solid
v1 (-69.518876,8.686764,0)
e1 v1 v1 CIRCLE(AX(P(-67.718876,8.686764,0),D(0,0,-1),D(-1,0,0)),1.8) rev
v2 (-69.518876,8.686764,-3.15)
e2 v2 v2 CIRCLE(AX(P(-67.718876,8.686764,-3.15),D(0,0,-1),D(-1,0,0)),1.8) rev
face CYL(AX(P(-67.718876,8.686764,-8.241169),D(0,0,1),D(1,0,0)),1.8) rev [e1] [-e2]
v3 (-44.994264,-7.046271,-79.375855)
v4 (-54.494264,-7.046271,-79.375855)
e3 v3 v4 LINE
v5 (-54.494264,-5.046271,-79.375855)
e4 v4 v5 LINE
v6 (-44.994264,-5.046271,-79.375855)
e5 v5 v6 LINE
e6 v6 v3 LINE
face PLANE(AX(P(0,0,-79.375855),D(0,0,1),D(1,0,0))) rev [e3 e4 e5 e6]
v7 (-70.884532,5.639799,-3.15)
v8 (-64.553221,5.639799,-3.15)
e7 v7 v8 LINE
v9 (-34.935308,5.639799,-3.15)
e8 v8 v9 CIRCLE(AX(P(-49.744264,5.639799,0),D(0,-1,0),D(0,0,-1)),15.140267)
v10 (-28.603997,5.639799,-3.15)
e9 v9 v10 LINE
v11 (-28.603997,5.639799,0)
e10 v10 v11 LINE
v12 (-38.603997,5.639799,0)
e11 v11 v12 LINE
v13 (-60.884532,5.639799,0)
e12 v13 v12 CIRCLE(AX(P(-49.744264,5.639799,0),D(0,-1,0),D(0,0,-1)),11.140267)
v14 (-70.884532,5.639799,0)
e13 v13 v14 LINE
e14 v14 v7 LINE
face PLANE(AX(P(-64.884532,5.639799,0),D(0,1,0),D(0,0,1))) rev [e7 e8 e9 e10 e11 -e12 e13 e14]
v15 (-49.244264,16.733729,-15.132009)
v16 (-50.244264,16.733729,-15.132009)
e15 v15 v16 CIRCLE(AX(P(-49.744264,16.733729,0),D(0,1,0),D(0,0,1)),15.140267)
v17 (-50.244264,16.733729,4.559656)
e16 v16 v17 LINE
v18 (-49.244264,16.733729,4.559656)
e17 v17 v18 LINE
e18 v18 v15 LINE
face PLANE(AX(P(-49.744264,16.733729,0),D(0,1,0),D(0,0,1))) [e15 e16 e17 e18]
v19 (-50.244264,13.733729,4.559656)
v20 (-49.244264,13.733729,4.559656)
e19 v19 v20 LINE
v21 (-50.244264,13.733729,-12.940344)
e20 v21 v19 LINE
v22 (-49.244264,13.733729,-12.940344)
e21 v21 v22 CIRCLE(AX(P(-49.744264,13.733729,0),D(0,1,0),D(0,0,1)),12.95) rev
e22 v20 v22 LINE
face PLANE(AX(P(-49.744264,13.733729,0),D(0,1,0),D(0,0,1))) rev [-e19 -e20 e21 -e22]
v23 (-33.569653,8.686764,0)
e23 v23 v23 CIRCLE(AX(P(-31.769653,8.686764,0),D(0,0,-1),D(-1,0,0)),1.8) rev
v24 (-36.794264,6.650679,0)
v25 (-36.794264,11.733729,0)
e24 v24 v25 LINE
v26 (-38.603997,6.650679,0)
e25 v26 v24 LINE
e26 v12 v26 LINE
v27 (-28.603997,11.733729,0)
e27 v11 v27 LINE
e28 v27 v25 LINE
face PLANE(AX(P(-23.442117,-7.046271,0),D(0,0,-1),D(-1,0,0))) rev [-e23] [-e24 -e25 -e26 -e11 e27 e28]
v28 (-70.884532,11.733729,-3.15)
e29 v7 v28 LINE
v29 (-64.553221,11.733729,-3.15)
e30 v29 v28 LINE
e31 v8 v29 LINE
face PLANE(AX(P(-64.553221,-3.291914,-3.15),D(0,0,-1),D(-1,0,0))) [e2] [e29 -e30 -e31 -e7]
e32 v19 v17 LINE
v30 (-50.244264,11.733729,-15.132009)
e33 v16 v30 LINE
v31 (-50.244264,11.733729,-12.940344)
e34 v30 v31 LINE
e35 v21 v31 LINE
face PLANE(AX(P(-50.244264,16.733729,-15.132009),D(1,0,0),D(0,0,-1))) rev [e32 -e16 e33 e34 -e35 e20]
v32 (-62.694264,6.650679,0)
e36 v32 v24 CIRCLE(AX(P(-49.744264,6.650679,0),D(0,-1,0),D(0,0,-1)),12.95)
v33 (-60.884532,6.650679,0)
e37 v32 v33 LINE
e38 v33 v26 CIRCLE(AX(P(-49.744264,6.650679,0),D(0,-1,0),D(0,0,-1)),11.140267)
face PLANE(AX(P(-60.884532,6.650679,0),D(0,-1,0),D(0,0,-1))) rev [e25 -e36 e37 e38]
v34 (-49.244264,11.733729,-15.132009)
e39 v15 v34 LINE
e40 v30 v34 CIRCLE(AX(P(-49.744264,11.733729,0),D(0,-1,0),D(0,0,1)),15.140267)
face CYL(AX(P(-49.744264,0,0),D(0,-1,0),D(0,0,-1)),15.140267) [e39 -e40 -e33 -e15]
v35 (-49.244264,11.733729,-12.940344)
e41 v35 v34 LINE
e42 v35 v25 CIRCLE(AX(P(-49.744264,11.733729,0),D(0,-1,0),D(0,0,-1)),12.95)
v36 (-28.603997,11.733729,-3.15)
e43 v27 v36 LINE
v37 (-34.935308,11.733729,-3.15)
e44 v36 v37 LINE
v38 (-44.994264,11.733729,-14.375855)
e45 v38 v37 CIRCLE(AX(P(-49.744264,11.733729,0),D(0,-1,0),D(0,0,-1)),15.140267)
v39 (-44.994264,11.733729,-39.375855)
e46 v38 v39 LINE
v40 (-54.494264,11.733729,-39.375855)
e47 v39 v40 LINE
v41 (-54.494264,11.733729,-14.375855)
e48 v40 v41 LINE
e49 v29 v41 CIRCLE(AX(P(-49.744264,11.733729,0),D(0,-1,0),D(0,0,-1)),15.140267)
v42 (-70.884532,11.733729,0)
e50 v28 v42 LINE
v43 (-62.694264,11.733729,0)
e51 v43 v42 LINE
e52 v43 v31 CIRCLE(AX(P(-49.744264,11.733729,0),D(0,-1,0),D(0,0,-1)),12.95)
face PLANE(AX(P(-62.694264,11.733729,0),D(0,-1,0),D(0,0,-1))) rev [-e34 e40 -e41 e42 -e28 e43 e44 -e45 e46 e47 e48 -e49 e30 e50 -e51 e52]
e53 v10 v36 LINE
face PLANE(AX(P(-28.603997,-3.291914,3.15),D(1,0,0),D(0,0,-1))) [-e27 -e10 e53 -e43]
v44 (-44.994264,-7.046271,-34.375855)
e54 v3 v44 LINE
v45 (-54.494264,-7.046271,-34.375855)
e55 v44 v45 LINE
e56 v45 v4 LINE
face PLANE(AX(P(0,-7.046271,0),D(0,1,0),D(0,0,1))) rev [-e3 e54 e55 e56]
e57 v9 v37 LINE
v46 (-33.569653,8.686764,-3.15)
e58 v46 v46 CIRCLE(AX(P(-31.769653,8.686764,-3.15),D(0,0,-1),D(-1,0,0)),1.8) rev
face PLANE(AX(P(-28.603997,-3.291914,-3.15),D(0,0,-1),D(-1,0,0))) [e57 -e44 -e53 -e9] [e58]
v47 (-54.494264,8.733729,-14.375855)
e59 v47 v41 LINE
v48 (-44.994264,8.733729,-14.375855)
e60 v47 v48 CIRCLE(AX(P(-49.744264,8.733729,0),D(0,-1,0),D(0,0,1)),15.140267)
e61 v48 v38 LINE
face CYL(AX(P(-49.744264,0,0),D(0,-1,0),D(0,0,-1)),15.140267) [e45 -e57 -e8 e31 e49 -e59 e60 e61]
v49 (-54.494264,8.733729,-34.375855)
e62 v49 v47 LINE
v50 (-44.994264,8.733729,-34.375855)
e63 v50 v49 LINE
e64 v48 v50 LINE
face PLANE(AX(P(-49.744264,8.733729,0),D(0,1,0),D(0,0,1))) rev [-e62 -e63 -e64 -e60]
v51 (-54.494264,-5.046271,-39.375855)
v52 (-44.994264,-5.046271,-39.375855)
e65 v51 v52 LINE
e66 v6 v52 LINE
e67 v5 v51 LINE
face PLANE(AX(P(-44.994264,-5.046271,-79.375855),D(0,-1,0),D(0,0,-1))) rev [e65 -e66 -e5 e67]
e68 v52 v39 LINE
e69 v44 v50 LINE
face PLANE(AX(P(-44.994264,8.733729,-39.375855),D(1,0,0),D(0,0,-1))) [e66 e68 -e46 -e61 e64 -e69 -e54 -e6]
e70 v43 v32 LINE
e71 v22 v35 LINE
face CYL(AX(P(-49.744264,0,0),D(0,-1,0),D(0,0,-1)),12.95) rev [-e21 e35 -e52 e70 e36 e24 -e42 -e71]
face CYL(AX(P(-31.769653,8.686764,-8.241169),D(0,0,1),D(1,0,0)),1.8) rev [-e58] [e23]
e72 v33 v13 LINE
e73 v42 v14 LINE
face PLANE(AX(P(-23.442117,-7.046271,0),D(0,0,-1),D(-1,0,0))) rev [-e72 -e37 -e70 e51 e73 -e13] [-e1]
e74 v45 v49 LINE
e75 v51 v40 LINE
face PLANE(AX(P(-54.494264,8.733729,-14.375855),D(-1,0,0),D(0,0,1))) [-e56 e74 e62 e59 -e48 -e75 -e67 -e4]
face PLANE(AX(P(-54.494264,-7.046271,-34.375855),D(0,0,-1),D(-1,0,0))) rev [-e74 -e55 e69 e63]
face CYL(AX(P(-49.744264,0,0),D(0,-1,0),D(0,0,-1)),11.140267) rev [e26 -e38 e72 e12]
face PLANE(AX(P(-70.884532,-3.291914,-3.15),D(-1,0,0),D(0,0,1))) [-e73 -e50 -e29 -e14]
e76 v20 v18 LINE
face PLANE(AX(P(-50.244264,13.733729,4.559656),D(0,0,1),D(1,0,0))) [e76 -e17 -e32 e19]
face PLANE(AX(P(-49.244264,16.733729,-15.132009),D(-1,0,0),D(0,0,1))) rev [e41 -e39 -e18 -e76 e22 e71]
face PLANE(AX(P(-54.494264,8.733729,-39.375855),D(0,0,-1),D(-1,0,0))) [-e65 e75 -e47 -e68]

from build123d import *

# Parameters (mm, degrees)
BOSS_EXTRUDE1_DEPTH = 5
BOSS_EXTRUDE2_DEPTH = 3
BOSS_EXTRUDE3_DEPTH = 3
SKETCH10_W          = 9.5
SKETCH10_H          = 5
BOSS_EXTRUDE4_DEPTH = 15.78
SKETCH11_W          = 9.5
SKETCH11_H          = 2
BOSS_EXTRUDE5_DEPTH = 40
BOSS_EXTRUDE6_DEPTH = 6.09393
SKETCH14_R          = 1.8
CUT_EXTRUDE1_DEPTH  = 6.3
SKETCH15_W          = 51.153217575
SKETCH15_H          = 31.902182189
CUT_EXTRUDE3_DEPTH  = 19.78


with BuildPart() as part:
    # Sketch3 → Revolve1 (revolve)
    with BuildSketch(Plane.XY):
        Polygon((-62.694264441, 10.250679103), (-62.694264441, 11.733728816), (-64.884531744, 11.733728816), (-64.884531744, 5.639799249), (-60.884531744, 5.639799249), (-60.884531744, 6.650679103), (-62.694264441, 6.650679103), align=None)
    revolve(axis=Axis((-49.744264441, 0, 0), (0, 1, 0)))

    # Sketch7 → Boss-Extrude1 (add)
    with BuildSketch(Plane(origin=(0, 11.733728816, 0), x_dir=(1, 0, 0), z_dir=(0, 1, 0))):
        with BuildLine():
            Line((-50.244264441, 15.132008921), (-50.244264441, 12.94034389))
            ThreePointArc((-50.244264441, 12.94034389), (-49.744264441, 12.95), (-49.244264441, 12.94034389))
            Line((-49.244264441, 12.94034389), (-49.244264441, 15.132008921))
            ThreePointArc((-49.244264441, 15.132008921), (-49.744264441, 15.140267302), (-50.244264441, 15.132008921))
        make_face()
    extrude(amount=BOSS_EXTRUDE1_DEPTH)

    # Sketch8 → Boss-Extrude2 (add)
    with BuildSketch(Plane(origin=(0, 16.733728816, 0), x_dir=(1, 0, 0), z_dir=(0, 1, 0))):
        with BuildLine():
            Line((-50.244264441, 15.132008921), (-50.244264441, 12.94034389))
            Line((-50.244264441, 12.94034389), (-50.244264441, -4.55965611))
            Line((-50.244264441, -4.55965611), (-49.244264441, -4.55965611))
            Line((-49.244264441, -4.55965611), (-49.244264441, 12.94034389))
            Line((-49.244264441, 12.94034389), (-49.244264441, 15.132008921))
            ThreePointArc((-49.244264441, 15.132008921), (-49.744264441, 15.140267302), (-50.244264441, 15.132008921))
        make_face()
    extrude(amount=-BOSS_EXTRUDE2_DEPTH)

    # Sketch9 → Boss-Extrude3 (add)
    with BuildSketch(Plane(origin=(0, 11.733728816, 0), x_dir=(1, 0, 0), z_dir=(0, 1, 0))):
        with BuildLine():
            Line((-54.494264441, 14.375854548), (-54.494264441, 39.375854548))
            Line((-54.494264441, 39.375854548), (-44.994264441, 39.375854548))
            Line((-44.994264441, 39.375854548), (-44.994264441, 14.375854548))
            ThreePointArc((-44.994264441, 14.375854548), (-47.092177082, 14.906177465), (-49.244264441, 15.132008921))
            ThreePointArc((-49.244264441, 15.132008921), (-49.744264441, 15.140267302), (-50.244264441, 15.132008921))
            ThreePointArc((-50.244264441, 15.132008921), (-52.3963518, 14.906177465), (-54.494264441, 14.375854548))
        make_face()
    extrude(amount=-BOSS_EXTRUDE3_DEPTH)

    # Sketch10 → Boss-Extrude4 (add)
    with BuildSketch(Plane.XZ.offset(-8.733728816)):
        with Locations((-49.744264441, -36.875854548)):
            Rectangle(SKETCH10_W, SKETCH10_H)
    extrude(amount=BOSS_EXTRUDE4_DEPTH)

    # Sketch11 → Boss-Extrude5 (add)
    with BuildSketch(Plane(origin=(0, 0, -39.375854548), x_dir=(-1, 0, 0), z_dir=(0, 0, -1))):
        with Locations((49.744264441, -6.046271184)):
            Rectangle(SKETCH11_W, SKETCH11_H)
    extrude(amount=BOSS_EXTRUDE5_DEPTH)

    # Sketch13 → Boss-Extrude6 (add)
    with BuildSketch(Plane(origin=(0, 11.733728816, 0), x_dir=(1, 0, 0), z_dir=(0, 1, 0))):
        with BuildLine():
            Line((-28.603997139, 3.15), (-34.935307895, 3.15))
            ThreePointArc((-34.935307895, 3.15), (-34.603997139, 0), (-34.935307895, -3.15))
            Line((-34.935307895, -3.15), (-28.603997139, -3.15))
            Line((-28.603997139, -3.15), (-28.603997139, 3.15))
        make_face()
        with BuildLine():
            Line((-70.884531744, 3.15), (-70.884531744, -3.15))
            Line((-70.884531744, -3.15), (-64.553220987, -3.15))
            ThreePointArc((-64.553220987, -3.15), (-64.884531744, 0), (-64.553220987, 3.15))
            Line((-64.553220987, 3.15), (-70.884531744, 3.15))
        make_face()
    extrude(amount=-BOSS_EXTRUDE6_DEPTH)

    # Sketch14 → Cut-Extrude1 (cut)
    with BuildSketch(Plane.XY.offset(3.15)):
        with Locations((-31.769652517, 8.686764033)):
            Circle(SKETCH14_R)
        with Locations((-67.718876365, 8.686764033)):
            Circle(SKETCH14_R)
    extrude(amount=-CUT_EXTRUDE1_DEPTH, mode=Mode.SUBTRACT)

    # Sketch15 → Cut-Extrude3 (cut, through all)
    with BuildSketch(Plane(origin=(0, 11.733728816, 0), x_dir=(1, 0, 0), z_dir=(0, 1, 0))):
        with Locations((-49.018725857, -15.951091095)):
            Rectangle(SKETCH15_W, SKETCH15_H)
    extrude(amount=-CUT_EXTRUDE3_DEPTH, mode=Mode.SUBTRACT)


solid = part.part
